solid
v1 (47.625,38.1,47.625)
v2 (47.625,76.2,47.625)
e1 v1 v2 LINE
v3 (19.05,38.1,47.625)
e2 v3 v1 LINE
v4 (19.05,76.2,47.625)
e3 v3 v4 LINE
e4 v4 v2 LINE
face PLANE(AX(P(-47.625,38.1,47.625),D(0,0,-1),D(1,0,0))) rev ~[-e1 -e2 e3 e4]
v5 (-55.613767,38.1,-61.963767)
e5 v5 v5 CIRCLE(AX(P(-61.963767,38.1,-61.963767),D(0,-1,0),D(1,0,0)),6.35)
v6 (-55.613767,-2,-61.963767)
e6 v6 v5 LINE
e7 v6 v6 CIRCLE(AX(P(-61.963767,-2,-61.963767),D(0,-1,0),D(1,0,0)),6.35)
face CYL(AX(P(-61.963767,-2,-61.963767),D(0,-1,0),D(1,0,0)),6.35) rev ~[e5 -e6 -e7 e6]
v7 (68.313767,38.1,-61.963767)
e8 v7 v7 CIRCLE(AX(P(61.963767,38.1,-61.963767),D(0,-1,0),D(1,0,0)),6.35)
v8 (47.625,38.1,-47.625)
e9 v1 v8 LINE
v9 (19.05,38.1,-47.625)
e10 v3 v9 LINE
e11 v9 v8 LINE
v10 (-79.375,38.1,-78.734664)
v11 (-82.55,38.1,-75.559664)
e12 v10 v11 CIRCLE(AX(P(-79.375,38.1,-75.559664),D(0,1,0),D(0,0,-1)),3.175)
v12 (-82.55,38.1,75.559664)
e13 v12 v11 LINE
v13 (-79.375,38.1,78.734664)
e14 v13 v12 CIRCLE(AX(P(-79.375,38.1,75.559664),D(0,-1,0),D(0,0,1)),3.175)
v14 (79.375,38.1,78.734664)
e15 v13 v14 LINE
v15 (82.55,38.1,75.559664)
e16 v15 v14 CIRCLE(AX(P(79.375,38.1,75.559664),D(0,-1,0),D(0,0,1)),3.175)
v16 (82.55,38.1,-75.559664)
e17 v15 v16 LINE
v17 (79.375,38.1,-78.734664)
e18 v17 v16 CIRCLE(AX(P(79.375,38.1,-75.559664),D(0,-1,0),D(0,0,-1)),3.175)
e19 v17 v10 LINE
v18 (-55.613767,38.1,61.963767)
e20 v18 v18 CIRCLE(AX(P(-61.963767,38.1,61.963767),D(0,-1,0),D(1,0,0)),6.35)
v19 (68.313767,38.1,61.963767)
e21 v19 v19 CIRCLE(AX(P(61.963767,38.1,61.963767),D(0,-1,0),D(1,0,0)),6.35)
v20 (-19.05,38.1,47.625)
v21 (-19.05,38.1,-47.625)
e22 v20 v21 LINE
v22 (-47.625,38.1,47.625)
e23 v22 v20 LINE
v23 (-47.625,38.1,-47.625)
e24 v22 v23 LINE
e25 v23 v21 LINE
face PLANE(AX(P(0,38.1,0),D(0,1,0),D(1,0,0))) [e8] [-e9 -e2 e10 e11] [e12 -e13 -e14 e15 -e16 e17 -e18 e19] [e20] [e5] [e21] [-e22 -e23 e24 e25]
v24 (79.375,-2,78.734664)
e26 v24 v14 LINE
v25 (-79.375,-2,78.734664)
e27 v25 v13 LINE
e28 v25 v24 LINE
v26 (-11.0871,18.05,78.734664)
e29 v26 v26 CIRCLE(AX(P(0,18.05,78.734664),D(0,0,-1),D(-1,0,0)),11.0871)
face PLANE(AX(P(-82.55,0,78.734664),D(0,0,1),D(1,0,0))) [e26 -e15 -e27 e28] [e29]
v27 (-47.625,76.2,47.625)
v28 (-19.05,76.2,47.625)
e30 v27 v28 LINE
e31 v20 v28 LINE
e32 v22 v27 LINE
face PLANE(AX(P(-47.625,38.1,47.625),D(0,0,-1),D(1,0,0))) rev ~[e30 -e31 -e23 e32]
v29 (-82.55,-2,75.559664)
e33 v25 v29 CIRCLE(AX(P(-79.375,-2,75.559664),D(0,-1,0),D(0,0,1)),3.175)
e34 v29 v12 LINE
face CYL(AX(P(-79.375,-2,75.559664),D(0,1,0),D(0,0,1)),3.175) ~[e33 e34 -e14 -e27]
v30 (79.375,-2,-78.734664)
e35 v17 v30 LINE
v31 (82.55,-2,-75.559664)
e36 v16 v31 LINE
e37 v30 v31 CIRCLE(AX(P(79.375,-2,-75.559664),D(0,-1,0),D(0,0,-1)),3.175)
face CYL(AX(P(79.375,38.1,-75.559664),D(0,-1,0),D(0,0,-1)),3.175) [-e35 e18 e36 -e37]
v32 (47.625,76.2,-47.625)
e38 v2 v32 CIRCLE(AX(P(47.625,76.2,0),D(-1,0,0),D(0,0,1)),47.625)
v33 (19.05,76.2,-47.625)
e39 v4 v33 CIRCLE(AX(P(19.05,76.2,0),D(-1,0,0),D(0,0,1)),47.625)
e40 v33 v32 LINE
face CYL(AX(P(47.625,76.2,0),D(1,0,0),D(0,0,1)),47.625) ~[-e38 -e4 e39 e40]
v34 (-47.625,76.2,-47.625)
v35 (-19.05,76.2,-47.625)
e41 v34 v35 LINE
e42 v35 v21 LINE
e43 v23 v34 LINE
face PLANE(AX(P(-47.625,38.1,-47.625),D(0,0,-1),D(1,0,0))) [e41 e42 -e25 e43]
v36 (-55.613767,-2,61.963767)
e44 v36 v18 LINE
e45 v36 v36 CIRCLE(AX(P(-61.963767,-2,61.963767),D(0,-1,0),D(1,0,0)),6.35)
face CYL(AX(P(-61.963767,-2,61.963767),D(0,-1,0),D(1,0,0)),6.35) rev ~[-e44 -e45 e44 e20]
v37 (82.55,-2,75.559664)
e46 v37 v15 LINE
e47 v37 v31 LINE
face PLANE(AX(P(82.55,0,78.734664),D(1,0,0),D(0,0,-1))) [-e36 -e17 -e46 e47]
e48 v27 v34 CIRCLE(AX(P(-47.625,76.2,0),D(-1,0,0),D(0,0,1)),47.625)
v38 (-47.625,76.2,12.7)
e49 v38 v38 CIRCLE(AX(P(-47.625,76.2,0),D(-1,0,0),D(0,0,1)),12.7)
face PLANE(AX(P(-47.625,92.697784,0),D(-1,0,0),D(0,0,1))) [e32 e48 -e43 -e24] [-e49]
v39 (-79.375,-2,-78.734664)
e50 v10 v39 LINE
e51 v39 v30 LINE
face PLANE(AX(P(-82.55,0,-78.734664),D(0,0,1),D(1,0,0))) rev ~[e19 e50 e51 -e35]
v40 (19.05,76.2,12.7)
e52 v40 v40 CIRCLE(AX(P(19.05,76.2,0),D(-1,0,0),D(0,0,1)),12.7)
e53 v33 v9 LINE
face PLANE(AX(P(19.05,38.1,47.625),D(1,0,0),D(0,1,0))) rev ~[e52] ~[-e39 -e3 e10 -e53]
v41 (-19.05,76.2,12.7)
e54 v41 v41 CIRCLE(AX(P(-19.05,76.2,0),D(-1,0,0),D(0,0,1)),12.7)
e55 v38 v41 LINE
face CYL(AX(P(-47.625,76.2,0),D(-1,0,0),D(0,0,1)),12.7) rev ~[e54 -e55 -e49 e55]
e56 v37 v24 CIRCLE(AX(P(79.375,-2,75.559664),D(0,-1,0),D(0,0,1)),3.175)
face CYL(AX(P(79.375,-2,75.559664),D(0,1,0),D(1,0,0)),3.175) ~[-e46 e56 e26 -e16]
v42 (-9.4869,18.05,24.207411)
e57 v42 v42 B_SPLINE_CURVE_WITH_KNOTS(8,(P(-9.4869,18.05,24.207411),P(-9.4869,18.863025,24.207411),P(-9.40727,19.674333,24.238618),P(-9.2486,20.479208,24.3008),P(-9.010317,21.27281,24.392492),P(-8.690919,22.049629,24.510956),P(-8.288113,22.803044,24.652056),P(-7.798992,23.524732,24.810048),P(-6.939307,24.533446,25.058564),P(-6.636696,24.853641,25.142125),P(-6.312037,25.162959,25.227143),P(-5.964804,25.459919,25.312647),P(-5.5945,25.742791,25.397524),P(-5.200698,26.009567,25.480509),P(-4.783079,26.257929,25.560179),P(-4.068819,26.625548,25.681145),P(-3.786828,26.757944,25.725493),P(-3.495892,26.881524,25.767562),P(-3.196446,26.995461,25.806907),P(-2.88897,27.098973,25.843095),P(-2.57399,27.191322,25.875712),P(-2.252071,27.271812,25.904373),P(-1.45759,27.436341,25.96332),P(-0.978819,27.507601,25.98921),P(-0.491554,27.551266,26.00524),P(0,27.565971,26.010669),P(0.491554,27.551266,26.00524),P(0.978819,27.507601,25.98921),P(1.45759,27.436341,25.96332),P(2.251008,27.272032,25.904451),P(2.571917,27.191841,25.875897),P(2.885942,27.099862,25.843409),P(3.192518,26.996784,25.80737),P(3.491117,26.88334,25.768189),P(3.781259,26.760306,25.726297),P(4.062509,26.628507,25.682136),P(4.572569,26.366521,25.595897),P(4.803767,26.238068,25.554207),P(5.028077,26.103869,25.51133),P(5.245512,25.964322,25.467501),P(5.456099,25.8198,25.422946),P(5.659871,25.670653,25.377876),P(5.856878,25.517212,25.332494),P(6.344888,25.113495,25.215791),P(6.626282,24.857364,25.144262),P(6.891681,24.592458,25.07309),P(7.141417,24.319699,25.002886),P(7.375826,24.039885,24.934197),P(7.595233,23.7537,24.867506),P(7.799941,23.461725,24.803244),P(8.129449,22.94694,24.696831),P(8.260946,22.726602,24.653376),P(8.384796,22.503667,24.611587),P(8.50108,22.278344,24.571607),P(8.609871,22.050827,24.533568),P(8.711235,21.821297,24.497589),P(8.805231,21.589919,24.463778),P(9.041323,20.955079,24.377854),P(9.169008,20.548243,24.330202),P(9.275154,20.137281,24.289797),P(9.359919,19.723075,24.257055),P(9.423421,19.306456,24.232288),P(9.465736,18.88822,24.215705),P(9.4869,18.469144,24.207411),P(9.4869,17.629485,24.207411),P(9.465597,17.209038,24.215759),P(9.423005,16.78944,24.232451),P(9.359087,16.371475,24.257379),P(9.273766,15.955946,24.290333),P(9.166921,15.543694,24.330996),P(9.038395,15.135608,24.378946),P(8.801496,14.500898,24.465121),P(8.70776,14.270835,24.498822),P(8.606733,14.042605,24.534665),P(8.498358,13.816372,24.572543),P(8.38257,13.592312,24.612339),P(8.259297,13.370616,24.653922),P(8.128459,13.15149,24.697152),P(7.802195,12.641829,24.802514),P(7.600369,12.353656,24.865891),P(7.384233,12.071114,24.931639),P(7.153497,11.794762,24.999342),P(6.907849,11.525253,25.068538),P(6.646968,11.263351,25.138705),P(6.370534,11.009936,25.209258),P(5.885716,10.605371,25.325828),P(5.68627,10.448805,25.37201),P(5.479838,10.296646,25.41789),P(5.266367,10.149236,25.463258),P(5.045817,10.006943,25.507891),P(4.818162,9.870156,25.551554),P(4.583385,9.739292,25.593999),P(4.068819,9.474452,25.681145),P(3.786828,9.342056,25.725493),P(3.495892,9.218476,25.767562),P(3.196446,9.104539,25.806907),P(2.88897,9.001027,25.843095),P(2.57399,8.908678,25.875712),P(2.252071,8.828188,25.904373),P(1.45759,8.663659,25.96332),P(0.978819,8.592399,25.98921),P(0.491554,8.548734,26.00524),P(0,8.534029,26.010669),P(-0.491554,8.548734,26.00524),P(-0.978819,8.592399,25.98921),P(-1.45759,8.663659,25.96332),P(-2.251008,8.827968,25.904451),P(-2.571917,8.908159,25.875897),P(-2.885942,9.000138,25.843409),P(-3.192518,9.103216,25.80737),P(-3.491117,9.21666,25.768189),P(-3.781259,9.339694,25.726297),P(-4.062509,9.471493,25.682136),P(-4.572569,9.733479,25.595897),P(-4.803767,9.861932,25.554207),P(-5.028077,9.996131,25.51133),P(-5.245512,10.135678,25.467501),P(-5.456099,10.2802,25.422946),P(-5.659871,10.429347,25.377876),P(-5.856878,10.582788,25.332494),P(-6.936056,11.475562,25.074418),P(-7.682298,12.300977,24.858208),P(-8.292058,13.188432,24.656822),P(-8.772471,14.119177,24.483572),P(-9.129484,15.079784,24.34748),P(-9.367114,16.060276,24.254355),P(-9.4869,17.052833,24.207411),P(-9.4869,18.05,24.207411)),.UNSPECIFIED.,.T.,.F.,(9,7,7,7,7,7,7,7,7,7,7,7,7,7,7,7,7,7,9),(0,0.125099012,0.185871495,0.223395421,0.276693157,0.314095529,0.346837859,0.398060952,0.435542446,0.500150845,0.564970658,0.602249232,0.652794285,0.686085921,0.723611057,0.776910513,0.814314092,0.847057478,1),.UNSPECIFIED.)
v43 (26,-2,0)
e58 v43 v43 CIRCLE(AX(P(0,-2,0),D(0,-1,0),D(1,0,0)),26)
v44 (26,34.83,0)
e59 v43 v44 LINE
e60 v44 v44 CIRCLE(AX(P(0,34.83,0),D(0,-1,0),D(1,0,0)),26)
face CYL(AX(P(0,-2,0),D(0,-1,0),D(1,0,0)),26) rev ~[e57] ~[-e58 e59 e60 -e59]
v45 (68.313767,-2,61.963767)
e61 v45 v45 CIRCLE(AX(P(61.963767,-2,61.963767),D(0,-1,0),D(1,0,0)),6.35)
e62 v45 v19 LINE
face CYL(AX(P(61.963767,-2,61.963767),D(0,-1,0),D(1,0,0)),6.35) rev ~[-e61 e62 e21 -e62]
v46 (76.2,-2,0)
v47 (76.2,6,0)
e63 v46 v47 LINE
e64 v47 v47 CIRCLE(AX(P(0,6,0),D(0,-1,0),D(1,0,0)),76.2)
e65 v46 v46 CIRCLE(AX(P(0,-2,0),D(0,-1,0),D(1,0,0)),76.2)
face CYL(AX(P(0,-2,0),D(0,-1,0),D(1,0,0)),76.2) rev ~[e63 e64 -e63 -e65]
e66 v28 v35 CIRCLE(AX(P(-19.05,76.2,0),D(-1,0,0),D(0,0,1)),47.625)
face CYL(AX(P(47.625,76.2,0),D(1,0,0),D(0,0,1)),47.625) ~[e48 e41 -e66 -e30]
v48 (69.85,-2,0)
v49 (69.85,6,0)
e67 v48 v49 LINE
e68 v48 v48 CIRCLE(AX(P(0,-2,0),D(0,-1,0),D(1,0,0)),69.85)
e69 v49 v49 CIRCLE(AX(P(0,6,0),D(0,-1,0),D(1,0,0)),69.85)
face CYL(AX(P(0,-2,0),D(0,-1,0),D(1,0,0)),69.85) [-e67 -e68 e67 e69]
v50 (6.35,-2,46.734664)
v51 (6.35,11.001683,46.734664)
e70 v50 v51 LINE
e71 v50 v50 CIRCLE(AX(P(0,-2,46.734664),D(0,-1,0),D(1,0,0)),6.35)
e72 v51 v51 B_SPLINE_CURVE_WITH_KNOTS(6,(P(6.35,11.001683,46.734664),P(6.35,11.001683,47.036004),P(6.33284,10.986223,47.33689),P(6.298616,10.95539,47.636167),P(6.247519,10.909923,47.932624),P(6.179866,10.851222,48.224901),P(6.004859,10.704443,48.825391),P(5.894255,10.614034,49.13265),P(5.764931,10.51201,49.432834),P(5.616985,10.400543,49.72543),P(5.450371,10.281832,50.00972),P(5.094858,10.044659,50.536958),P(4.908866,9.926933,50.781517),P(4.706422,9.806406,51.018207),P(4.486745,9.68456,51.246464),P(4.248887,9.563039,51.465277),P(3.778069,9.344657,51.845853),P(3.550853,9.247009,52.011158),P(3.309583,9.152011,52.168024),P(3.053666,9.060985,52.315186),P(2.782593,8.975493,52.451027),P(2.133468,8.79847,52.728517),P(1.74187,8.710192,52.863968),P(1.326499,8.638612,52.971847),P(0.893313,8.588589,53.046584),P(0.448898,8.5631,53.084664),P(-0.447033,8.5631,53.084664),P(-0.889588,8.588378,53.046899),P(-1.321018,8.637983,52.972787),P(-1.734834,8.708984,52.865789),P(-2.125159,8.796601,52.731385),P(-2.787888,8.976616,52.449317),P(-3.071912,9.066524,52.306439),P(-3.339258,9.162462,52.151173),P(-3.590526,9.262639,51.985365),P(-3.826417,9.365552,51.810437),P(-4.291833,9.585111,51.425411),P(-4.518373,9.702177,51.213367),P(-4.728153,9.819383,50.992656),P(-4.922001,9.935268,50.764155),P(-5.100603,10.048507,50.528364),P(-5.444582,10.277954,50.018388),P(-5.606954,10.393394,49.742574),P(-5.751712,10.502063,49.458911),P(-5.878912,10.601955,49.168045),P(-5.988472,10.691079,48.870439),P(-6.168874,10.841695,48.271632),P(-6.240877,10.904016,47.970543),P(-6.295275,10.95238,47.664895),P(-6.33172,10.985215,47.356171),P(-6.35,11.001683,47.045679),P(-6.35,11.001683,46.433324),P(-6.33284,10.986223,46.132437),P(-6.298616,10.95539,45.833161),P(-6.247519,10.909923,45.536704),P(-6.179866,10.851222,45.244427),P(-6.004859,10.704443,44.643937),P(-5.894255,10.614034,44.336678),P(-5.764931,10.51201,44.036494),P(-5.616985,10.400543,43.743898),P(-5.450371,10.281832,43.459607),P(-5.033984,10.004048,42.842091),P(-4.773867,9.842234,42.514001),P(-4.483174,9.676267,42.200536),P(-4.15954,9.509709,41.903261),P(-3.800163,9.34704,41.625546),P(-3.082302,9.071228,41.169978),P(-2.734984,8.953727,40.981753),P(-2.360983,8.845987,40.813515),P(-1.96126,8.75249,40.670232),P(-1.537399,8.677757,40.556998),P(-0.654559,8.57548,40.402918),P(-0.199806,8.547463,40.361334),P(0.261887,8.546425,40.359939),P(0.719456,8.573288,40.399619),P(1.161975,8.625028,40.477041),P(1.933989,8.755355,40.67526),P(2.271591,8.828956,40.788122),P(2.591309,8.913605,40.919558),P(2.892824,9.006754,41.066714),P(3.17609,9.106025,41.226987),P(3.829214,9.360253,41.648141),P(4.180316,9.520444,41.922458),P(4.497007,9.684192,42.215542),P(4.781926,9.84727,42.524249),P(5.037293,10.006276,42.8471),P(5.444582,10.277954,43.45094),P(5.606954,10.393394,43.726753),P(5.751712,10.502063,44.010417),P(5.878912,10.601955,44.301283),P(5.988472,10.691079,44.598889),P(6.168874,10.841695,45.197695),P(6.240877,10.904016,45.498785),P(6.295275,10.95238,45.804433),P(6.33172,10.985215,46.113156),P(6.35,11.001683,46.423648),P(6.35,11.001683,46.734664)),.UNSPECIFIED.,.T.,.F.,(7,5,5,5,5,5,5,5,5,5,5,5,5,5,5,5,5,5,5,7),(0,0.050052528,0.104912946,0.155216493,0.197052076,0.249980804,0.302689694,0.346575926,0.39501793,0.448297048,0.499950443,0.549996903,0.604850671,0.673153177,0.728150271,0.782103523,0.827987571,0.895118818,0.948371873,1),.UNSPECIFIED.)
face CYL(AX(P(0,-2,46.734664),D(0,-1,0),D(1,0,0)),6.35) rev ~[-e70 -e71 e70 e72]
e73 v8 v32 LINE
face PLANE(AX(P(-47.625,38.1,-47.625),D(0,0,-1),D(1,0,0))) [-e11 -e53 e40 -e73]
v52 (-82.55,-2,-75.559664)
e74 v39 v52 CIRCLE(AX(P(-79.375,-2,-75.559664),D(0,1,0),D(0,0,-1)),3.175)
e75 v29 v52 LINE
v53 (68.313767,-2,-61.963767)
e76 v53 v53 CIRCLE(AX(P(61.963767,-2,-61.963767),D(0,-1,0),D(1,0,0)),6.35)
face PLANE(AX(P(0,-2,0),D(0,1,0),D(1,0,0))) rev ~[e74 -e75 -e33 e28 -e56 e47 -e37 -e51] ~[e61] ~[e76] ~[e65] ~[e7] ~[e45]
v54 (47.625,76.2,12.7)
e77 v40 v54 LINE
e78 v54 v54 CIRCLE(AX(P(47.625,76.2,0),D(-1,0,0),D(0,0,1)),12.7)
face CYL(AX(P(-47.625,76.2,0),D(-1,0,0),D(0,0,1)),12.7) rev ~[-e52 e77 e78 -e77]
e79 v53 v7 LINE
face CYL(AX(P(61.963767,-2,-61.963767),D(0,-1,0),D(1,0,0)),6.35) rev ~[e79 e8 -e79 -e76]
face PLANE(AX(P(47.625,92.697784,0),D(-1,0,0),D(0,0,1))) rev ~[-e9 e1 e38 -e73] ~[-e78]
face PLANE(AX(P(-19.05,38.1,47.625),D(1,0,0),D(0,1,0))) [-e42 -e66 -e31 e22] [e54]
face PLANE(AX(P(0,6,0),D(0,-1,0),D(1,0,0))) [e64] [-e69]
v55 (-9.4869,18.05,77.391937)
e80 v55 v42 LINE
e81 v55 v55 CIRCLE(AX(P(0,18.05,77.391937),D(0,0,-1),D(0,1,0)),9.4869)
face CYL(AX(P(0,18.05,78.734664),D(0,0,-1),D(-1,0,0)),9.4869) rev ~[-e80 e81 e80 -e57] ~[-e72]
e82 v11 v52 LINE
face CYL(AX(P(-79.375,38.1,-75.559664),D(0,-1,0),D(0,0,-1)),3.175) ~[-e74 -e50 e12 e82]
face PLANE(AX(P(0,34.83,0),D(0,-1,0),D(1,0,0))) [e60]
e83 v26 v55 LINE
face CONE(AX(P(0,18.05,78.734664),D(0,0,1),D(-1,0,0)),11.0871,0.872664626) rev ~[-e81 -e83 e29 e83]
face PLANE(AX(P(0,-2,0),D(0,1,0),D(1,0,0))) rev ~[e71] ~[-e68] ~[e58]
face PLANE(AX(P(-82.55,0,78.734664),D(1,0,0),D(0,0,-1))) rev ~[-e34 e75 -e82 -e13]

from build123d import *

# Parameters (mm, degrees)
SKETCH1_W                              = 165.1
SKETCH1_H                              = 157.469327732
BOSS_EXTRUDE1_DEPTH                    = 38.1
BOSS_EXTRUDE1_DEPTH_BACK               = 2
SKETCH2_W                              = 95.25
SKETCH2_H                              = 95.25
BOSS_EXTRUDE2_DEPTH                    = 38.1
BOSS_EXTRUDE3_START                    = -95.25
BOSS_EXTRUDE3_DEPTH                    = 95.25
SKETCH4_R                              = 12.7
CUT_EXTRUDE1_DEPTH                     = 131.175
SKETCH5_W                              = 38.1
SKETCH5_H                              = 85.725
CUT_EXTRUDE3_DEPTH                     = 127.359663866
FILLET1_R                              = 3.175
SKETCH6_R                              = 26
CUT_EXTRUDE4_DEPTH                     = 36.83
SKETCH9_R                              = 76.2
SKETCH9_R_2                            = 69.85
CUT_EXTRUDE5_DEPTH                     = 8
F_1_2_14_NPSM_TAPPED_HOLE1_D           = 18.9738
F_1_2_14_NPSM_TAPPED_HOLE1_DEPTH       = 63.5
F_1_2_14_NPSM_TAPPED_HOLE1_CSINK_D     = 22.1742
F_1_2_14_NPSM_TAPPED_HOLE1_CSINK_ANGLE = 100
F_1_2_14_NPSM_TAPPED_HOLE1_TIP         = 5.700304607
SKETCH16_R                             = 6.35
CUT_EXTRUDE6_DEPTH                     = 25
SKETCH17_R                             = 6.35
CUT_EXTRUDE7_DEPTH                     = 126.825


with BuildPart() as part:
    # Sketch1 → Boss-Extrude1 (new body, two sides)
    with BuildSketch(Plane(origin=(0, 0, 0), x_dir=(1, 0, 0), z_dir=(0, 1, 0))) as boss_extrude1_sk:
        Rectangle(SKETCH1_W, SKETCH1_H)
    extrude(amount=BOSS_EXTRUDE1_DEPTH)
    extrude(boss_extrude1_sk.sketch, amount=-BOSS_EXTRUDE1_DEPTH_BACK)

    # Sketch2 → Boss-Extrude2 (add)
    with BuildSketch(Plane(origin=(0, 38.1, 0), x_dir=(1, 0, 0), z_dir=(0, 1, 0))):
        Rectangle(SKETCH2_W, SKETCH2_H)
    extrude(amount=BOSS_EXTRUDE2_DEPTH)

    # Sketch3 → Boss-Extrude3 (add)
    with BuildSketch(Plane.ZY.offset(47.625).offset(BOSS_EXTRUDE3_START)):
        with BuildLine():
            Line((-47.625, 76.2), (47.625, 76.2))
            ThreePointArc((47.625, 76.2), (0, 123.825), (-47.625, 76.2))
        make_face()
    extrude(amount=BOSS_EXTRUDE3_DEPTH)

    # Sketch4 → Cut-Extrude1 (cut, through all)
    with BuildSketch(Plane.ZY.offset(47.625)):
        with Locations((0, 76.2)):
            Circle(SKETCH4_R)
    extrude(amount=-CUT_EXTRUDE1_DEPTH, mode=Mode.SUBTRACT)

    # Sketch5 → Cut-Extrude3 (cut, through all)
    with BuildSketch(Plane.XY.offset(47.625)):
        with Locations((0, 80.9625)):
            Rectangle(SKETCH5_W, SKETCH5_H)
    extrude(amount=-CUT_EXTRUDE3_DEPTH, mode=Mode.SUBTRACT)

    # Fillet1
    fillet1_edges = [part.edges().sort_by_distance(p)[0] for p in [
        (82.55, 18.05, 78.734663866),
        (-82.55, 18.05, 78.734663866),
        (-82.55, 18.05, -78.734663866),
        (82.55, 18.05, -78.734663866),
    ]]
    fillet(fillet1_edges, radius=FILLET1_R)

    # Sketch6 → Cut-Extrude4 (cut)
    with BuildSketch(Plane.XZ.offset(2)):
        Circle(SKETCH6_R)
    extrude(amount=-CUT_EXTRUDE4_DEPTH, mode=Mode.SUBTRACT)

    # Sketch9 → Cut-Extrude5 (cut)
    with BuildSketch(Plane.XZ.offset(2)):
        Circle(SKETCH9_R)
        Circle(SKETCH9_R_2, mode=Mode.SUBTRACT)
    extrude(amount=-CUT_EXTRUDE5_DEPTH, mode=Mode.SUBTRACT)

    # 1/2-14 NPSM Tapped Hole1
    with Locations(Plane.XY.offset(78.734663866)):
        with Locations((0, 18.05)):
            CounterSinkHole(F_1_2_14_NPSM_TAPPED_HOLE1_D / 2, F_1_2_14_NPSM_TAPPED_HOLE1_CSINK_D / 2, depth=F_1_2_14_NPSM_TAPPED_HOLE1_DEPTH, counter_sink_angle=F_1_2_14_NPSM_TAPPED_HOLE1_CSINK_ANGLE)
            with Locations((0, 0, -(F_1_2_14_NPSM_TAPPED_HOLE1_DEPTH + F_1_2_14_NPSM_TAPPED_HOLE1_TIP / 2))):  # 118° drill point
                Cone(0, F_1_2_14_NPSM_TAPPED_HOLE1_D / 2, F_1_2_14_NPSM_TAPPED_HOLE1_TIP, mode=Mode.SUBTRACT)

    # Sketch16 → Cut-Extrude6 (cut)
    with BuildSketch(Plane.XZ.offset(2)):
        with Locations((0, 46.734663866)):
            Circle(SKETCH16_R)
    extrude(amount=-CUT_EXTRUDE6_DEPTH, mode=Mode.SUBTRACT)

    # Sketch17 → Cut-Extrude7 (cut, through all)
    with BuildSketch(Plane.XZ.offset(2)):
        with Locations((-61.963767235, 61.963767235)):
            Circle(SKETCH17_R)
        with Locations((61.963767235, 61.963767235)):
            Circle(SKETCH17_R)
        with Locations((61.963767235, -61.963767235)):
            Circle(SKETCH17_R)
        with Locations((-61.963767235, -61.963767235)):
            Circle(SKETCH17_R)
    extrude(amount=-CUT_EXTRUDE7_DEPTH, mode=Mode.SUBTRACT)


solid = part.part
